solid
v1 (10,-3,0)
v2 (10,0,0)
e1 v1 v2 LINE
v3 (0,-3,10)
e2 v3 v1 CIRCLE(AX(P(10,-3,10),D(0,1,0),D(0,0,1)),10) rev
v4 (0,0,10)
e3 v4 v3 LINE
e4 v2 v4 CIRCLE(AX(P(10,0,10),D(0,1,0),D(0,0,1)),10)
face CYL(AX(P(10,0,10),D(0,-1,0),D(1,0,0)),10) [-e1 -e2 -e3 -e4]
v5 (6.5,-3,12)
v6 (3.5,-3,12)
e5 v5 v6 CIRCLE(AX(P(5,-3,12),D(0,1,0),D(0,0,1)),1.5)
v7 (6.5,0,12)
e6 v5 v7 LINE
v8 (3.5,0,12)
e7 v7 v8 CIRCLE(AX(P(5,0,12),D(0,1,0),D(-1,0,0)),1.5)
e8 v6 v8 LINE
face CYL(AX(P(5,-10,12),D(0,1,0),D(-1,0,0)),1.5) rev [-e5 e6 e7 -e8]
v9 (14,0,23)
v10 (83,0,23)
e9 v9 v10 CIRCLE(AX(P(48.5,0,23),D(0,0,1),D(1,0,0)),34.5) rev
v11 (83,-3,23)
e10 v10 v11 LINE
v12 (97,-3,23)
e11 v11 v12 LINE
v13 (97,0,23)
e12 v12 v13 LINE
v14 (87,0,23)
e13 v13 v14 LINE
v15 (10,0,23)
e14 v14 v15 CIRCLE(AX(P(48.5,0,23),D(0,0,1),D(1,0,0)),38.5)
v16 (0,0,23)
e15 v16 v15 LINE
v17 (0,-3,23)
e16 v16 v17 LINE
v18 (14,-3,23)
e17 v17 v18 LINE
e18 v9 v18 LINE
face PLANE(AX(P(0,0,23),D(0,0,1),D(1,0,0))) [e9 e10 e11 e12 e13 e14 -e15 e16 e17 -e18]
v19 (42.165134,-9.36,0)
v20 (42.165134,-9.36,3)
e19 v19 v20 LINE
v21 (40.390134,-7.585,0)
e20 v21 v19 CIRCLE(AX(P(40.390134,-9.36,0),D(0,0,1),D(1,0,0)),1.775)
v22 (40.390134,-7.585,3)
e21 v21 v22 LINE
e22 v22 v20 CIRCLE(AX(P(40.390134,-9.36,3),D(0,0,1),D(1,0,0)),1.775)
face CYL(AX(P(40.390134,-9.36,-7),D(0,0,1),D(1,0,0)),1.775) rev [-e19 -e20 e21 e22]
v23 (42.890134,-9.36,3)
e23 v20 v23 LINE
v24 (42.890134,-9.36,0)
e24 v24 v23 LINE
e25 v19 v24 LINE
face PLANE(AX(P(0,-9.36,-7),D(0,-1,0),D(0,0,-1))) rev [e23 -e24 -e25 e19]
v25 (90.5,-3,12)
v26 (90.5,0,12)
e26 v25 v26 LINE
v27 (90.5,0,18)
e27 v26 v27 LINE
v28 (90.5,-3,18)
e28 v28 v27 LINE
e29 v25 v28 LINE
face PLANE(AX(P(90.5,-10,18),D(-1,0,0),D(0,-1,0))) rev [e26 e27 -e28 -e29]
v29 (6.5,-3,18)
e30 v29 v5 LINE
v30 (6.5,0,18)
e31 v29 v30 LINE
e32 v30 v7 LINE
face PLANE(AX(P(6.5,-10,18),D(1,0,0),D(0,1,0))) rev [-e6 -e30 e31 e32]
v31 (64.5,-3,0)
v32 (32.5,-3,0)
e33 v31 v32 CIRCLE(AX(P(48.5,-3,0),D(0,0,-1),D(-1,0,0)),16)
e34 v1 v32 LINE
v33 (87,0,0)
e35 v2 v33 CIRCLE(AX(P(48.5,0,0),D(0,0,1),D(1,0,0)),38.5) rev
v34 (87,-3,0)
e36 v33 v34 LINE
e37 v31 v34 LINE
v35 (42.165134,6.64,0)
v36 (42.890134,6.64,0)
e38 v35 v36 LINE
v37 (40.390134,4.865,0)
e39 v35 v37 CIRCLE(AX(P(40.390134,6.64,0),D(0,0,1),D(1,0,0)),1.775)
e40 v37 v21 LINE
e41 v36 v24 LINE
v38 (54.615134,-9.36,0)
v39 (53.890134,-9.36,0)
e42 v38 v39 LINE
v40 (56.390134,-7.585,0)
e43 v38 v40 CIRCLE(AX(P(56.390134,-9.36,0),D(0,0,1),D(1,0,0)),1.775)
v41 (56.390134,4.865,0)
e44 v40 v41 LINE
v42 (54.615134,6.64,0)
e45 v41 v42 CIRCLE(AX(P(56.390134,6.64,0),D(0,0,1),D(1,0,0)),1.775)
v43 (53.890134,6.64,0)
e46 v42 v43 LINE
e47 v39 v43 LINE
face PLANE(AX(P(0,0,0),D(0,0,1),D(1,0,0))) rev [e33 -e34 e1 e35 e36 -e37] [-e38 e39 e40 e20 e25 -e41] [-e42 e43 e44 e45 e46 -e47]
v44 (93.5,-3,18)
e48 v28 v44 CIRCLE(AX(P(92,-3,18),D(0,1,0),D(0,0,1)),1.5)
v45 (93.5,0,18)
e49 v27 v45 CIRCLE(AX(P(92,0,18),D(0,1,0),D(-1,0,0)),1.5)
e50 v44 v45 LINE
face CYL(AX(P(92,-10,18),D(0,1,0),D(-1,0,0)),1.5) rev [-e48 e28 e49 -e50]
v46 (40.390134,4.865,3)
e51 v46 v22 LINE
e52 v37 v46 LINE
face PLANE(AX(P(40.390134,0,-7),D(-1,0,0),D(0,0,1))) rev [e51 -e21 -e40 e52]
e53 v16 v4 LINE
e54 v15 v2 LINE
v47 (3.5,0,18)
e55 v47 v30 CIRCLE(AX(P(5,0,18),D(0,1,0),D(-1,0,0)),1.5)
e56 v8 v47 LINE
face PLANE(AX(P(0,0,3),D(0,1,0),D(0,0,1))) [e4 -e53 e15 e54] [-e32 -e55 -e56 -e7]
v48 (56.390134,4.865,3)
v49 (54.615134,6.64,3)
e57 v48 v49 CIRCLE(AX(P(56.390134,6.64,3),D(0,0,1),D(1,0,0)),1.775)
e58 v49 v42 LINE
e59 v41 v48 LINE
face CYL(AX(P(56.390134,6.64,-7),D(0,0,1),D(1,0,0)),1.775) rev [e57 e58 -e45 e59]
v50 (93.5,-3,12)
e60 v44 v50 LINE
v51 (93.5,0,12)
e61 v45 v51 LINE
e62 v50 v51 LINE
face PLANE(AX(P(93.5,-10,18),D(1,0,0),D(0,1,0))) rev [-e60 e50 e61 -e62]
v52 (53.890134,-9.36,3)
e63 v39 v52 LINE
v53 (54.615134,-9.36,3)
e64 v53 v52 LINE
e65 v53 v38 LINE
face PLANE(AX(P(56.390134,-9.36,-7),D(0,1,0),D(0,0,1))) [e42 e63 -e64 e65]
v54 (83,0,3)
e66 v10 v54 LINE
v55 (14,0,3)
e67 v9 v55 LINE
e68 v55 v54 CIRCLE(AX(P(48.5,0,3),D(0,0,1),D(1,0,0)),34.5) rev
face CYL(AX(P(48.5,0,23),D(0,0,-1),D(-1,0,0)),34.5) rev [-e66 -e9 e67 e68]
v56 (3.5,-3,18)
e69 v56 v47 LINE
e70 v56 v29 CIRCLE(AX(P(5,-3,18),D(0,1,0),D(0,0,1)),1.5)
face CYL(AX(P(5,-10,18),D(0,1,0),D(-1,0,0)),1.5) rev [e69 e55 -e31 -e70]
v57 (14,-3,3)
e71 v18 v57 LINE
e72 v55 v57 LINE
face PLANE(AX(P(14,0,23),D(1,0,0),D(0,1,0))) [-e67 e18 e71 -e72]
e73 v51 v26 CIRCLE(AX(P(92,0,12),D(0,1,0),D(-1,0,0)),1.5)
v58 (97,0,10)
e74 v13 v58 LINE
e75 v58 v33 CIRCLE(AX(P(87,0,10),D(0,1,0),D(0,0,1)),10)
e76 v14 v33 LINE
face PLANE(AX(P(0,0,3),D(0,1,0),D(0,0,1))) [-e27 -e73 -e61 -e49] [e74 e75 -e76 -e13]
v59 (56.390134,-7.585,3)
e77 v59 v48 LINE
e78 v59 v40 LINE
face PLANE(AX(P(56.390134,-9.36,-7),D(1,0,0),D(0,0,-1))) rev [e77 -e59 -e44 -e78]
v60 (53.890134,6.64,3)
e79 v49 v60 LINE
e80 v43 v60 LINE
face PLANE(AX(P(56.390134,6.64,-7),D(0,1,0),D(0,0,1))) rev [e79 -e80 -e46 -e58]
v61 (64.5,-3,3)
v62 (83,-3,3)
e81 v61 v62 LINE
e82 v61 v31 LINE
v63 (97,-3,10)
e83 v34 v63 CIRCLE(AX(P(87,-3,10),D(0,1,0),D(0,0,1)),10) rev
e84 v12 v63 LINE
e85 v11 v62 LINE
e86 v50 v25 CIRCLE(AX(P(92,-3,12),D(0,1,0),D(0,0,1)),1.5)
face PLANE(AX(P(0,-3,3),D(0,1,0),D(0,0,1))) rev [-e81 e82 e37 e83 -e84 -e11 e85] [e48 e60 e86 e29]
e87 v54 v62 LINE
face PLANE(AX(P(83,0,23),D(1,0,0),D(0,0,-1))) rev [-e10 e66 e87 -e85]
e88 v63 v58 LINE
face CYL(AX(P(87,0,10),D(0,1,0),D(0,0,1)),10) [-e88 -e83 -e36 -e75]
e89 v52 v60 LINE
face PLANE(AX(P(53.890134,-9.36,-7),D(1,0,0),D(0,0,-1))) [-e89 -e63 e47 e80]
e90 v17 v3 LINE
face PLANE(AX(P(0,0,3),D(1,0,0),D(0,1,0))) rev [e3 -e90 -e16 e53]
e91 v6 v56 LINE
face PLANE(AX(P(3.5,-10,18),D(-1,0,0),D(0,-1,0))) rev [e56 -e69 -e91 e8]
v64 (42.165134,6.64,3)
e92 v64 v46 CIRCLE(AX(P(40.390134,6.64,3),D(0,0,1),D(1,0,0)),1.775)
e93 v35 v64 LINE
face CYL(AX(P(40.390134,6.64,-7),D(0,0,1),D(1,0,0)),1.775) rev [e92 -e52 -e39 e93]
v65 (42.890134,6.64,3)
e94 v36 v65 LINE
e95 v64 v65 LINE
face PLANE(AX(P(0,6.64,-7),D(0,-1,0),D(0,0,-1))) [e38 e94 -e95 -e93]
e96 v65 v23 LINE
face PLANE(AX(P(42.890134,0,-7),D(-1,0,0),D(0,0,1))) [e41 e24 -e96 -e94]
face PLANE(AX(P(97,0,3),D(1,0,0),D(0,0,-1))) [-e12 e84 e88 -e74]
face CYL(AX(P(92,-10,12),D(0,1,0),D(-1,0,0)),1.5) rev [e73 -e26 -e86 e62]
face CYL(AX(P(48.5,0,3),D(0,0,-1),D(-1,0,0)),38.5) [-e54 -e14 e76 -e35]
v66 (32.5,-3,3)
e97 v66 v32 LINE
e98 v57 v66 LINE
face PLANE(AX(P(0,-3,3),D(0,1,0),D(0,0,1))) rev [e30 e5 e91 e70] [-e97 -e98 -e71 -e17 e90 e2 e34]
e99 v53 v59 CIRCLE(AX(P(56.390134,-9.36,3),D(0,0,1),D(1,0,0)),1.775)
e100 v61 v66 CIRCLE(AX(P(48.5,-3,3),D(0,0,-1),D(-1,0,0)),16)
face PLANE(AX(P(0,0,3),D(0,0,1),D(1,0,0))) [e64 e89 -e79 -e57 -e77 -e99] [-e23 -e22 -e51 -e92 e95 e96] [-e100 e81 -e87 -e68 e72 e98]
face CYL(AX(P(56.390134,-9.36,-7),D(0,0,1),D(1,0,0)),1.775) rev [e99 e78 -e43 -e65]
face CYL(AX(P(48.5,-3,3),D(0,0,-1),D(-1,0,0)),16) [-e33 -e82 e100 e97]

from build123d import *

# Parameters (mm, degrees)
BOSS_EXTRU_1_DEPTH      = 3
BOSS_EXTRU_2_DEPTH      = 20
BOSS_EXTRU_3_DEPTH      = 3
ENL_V_MAT_EXTRU_2_DEPTH = 10
ENL_V_MAT_EXTRU_3_DEPTH = 10
CONG_1_R                = 10
CONG_2_R                = 10


with BuildPart() as part:
    # Esquisse1 → Boss.-Extru.1 (new body)
    with BuildSketch(Plane.XY):
        with BuildLine():
            Line((10, 0), (0, 0))
            Line((0, 0), (0, -3))
            Line((0, -3), (97, -3))
            Line((97, -3), (97, 0))
            Line((97, 0), (87, 0))
            ThreePointArc((87, 0), (48.5, 38.5), (10, 0))
        make_face()
    extrude(amount=BOSS_EXTRU_1_DEPTH)

    # Esquisse2 → Boss.-Extru.2 (add)
    with BuildSketch(Plane.XY.offset(3)):
        with BuildLine():
            Line((10, 0), (0, 0))
            Line((0, 0), (0, -3))
            Line((0, -3), (14, -3))
            Line((14, -3), (14, 0))
            ThreePointArc((14, 0), (48.5, 34.5), (83, 0))
            Line((83, 0), (83, -3))
            Line((83, -3), (97, -3))
            Line((97, -3), (97, 0))
            Line((97, 0), (87, 0))
            ThreePointArc((87, 0), (48.5, 38.5), (10, 0))
        make_face()
    extrude(amount=BOSS_EXTRU_2_DEPTH)

    # Esquisse4 → Boss.-Extru.3 (add)
    with BuildSketch(Plane(origin=(0, 0, 0), x_dir=(-1, 0, 0), z_dir=(0, 0, -1))):
        with BuildLine():
            Line((-64.5, -3), (-32.5, -3))
            ThreePointArc((-32.5, -3), (-48.5, -19), (-64.5, -3))
        make_face()
    extrude(amount=-BOSS_EXTRU_3_DEPTH)

    # Esquisse7 → Enlèv. mat.-Extru.2 (cut)
    with BuildSketch(Plane(origin=(0, 0, 0), x_dir=(1, 0, 0), z_dir=(0, 1, 0))):
        with BuildLine():
            Line((3.5, -18), (3.5, -12))
            ThreePointArc((3.5, -12), (5, -10.5), (6.5, -12))
            Line((6.5, -12), (6.5, -18))
            ThreePointArc((6.5, -18), (5, -19.5), (3.5, -18))
        make_face()
        with BuildLine():
            Line((90.5, -18), (90.5, -12))
            ThreePointArc((90.5, -12), (92, -10.5), (93.5, -12))
            Line((93.5, -12), (93.5, -18))
            ThreePointArc((93.5, -18), (92, -19.5), (90.5, -18))
        make_face()
    extrude(amount=-ENL_V_MAT_EXTRU_2_DEPTH, mode=Mode.SUBTRACT)

    # Esquisse9 → Enlèv. mat.-Extru.3 (cut)
    with BuildSketch(Plane.XY.offset(3)):
        with BuildLine():
            ThreePointArc((42.16513432, 6.64), (39.135019783, 7.895114537), (40.39013432, 4.865))
            Line((40.39013432, 4.865), (40.39013432, -7.585))
            ThreePointArc((40.39013432, -7.585), (39.135019783, -10.615114537), (42.16513432, -9.36))
            Line((42.16513432, -9.36), (42.89013432, -9.36))
            Line((42.89013432, -9.36), (42.89013432, 6.64))
            Line((42.89013432, 6.64), (42.16513432, 6.64))
        make_face()
        with BuildLine():
            Line((56.39013432, -7.585), (56.39013432, 4.865))
            ThreePointArc((56.39013432, 4.865), (57.645248856, 7.895114537), (54.61513432, 6.64))
            Line((54.61513432, 6.64), (53.89013432, 6.64))
            Line((53.89013432, 6.64), (53.89013432, -9.36))
            Line((53.89013432, -9.36), (54.61513432, -9.36))
            ThreePointArc((54.61513432, -9.36), (57.645248856, -10.615114537), (56.39013432, -7.585))
        make_face()
    extrude(amount=-ENL_V_MAT_EXTRU_3_DEPTH, mode=Mode.SUBTRACT)

    # Congé1
    cong_1_edges = [part.edges().sort_by_distance(p)[0] for p in [
        (97, -1.5, 0),
    ]]
    fillet(cong_1_edges, radius=CONG_1_R)

    # Congé2
    cong_2_edges = [part.edges().sort_by_distance(p)[0] for p in [
        (0, -1.5, 0),
    ]]
    fillet(cong_2_edges, radius=CONG_2_R)


solid = part.part
